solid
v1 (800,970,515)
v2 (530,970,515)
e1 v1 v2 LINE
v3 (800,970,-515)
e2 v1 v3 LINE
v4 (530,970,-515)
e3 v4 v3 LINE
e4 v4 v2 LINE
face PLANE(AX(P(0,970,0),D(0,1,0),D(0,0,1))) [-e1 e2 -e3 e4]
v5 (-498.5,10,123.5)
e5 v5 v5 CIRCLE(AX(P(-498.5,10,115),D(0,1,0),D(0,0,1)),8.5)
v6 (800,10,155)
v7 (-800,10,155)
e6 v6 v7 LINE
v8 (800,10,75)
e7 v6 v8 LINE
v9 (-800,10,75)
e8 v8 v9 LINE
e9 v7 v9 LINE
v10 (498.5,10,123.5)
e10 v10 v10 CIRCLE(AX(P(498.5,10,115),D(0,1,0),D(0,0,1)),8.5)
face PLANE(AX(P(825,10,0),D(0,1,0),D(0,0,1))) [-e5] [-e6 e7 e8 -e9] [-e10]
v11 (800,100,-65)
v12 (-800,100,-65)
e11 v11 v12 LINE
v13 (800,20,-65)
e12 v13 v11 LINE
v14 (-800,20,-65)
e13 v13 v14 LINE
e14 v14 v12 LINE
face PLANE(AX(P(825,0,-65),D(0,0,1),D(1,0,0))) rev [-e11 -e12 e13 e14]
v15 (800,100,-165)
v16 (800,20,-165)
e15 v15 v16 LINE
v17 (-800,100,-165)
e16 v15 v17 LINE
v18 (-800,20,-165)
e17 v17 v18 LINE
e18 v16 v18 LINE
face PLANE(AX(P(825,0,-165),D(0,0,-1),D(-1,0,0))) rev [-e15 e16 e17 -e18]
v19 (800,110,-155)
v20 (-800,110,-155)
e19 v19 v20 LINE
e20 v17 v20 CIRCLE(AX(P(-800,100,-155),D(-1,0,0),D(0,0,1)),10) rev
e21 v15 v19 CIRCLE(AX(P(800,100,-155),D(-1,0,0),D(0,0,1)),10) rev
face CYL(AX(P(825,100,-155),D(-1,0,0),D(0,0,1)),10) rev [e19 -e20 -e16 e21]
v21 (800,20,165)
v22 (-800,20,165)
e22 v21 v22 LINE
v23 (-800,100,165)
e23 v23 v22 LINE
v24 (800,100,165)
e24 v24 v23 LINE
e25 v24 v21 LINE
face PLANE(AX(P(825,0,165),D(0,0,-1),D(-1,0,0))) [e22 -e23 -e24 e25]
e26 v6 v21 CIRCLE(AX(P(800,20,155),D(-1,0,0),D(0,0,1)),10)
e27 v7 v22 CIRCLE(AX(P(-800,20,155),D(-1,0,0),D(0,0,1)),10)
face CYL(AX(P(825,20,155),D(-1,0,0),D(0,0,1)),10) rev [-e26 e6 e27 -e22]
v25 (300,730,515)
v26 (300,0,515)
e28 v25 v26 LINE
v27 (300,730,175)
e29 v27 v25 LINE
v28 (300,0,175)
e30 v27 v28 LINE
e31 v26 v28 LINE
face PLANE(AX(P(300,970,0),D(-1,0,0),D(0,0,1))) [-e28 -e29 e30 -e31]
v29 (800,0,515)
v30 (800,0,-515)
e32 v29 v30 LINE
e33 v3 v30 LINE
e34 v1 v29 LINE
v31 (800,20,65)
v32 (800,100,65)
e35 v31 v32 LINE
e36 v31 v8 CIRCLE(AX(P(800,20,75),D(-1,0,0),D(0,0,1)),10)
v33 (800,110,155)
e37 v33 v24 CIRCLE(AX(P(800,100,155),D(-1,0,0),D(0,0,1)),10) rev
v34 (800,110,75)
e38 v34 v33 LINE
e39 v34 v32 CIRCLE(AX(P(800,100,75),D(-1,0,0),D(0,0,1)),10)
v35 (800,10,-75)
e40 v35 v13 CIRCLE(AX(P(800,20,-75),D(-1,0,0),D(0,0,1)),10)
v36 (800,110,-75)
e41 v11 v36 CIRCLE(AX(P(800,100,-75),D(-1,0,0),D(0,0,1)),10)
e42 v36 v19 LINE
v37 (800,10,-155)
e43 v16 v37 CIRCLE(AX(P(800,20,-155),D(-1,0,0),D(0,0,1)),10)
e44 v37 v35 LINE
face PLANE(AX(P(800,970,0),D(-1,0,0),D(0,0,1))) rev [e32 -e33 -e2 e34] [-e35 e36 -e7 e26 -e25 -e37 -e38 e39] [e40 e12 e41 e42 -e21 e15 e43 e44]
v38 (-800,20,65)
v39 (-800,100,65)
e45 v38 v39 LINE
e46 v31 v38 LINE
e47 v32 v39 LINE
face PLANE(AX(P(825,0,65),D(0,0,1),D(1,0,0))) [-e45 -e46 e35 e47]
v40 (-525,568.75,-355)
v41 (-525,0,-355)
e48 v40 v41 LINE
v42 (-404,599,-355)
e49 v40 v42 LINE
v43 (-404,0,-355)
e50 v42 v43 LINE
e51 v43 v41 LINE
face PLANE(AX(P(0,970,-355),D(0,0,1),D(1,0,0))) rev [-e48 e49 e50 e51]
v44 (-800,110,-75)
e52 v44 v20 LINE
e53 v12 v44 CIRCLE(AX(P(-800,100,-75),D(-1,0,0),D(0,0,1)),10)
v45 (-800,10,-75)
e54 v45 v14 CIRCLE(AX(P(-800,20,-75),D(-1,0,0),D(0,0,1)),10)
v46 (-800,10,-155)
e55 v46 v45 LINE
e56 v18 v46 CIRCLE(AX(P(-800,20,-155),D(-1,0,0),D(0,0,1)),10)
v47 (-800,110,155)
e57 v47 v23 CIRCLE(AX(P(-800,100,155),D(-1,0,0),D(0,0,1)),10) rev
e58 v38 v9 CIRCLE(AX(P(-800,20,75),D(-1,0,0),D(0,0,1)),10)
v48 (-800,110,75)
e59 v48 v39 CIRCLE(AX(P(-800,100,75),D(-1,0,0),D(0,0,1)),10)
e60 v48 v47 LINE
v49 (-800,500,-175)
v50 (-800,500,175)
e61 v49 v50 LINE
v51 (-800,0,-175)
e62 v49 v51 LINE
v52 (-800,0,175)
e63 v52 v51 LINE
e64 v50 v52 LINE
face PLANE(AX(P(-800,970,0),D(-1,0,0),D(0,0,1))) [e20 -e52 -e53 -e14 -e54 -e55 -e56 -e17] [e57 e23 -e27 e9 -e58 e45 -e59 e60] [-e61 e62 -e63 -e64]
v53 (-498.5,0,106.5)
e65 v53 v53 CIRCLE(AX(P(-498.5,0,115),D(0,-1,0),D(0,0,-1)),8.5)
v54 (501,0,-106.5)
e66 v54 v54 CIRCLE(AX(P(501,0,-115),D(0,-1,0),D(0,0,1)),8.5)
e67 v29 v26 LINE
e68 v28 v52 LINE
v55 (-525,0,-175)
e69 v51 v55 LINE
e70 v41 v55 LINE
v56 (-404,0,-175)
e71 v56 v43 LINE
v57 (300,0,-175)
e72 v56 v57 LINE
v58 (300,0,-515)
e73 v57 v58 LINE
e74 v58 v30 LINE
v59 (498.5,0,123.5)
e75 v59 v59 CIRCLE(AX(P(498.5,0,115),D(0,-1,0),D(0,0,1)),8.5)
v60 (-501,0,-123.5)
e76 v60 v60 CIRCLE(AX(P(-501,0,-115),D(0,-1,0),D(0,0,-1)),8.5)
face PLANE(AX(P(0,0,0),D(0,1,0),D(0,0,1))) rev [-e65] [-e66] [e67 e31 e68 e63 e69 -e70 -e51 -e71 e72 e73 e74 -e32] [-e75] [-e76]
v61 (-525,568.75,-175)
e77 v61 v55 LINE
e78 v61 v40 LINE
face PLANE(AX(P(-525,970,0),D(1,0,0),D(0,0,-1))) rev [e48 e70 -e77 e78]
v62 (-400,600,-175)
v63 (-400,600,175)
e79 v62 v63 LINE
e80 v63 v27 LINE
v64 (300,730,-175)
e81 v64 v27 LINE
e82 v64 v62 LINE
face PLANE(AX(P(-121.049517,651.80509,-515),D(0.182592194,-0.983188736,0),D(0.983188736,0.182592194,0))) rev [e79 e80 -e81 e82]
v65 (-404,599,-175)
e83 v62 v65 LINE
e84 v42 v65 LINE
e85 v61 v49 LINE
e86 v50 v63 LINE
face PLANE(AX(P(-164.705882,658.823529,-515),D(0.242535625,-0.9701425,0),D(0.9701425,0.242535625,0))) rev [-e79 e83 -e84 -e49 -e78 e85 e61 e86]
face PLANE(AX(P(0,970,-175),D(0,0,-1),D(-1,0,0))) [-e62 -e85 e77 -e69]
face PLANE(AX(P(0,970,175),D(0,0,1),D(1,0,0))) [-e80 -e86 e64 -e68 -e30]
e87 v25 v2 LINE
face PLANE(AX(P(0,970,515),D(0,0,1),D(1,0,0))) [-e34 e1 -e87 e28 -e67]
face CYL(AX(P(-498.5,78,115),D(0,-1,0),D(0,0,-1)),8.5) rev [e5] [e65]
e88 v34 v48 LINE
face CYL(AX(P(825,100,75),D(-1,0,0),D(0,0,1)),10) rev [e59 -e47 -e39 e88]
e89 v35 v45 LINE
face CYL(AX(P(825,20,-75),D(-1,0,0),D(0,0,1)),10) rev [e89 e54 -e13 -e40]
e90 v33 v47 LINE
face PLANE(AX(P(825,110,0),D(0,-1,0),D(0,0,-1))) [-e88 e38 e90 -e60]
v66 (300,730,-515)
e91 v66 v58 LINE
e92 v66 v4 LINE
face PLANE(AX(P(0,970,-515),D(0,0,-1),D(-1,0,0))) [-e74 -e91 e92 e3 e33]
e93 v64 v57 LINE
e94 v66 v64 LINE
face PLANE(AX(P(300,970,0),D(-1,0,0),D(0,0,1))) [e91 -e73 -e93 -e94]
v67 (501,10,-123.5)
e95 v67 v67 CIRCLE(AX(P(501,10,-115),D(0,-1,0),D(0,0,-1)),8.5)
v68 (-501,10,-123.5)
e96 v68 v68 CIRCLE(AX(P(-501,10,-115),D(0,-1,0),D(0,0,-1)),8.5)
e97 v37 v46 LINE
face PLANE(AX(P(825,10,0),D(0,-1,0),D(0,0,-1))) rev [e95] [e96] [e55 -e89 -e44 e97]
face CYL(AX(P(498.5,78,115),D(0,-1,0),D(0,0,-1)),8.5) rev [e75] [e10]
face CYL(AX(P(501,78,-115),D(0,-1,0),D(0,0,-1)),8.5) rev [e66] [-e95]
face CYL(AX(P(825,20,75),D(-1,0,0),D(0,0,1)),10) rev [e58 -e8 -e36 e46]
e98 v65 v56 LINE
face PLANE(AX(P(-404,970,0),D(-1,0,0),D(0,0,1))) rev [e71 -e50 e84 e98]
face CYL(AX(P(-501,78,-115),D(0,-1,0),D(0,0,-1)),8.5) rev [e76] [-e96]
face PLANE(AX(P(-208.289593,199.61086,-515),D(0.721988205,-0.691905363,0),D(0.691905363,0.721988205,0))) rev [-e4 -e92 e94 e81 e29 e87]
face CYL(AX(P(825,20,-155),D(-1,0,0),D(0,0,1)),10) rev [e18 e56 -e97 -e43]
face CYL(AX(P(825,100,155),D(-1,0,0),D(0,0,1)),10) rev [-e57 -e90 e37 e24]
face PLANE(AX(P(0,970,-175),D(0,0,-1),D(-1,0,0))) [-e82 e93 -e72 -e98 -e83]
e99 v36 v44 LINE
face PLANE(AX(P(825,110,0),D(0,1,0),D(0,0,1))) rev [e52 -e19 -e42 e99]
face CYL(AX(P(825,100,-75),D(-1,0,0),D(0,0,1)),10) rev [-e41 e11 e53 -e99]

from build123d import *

# Parameters (mm, degrees)
SKETCH2_W               = 121
SKETCH2_H               = 180
BOSS_EXTRUDE1_DEPTH     = 970
CUT_EXTRUDE1_DEPTH      = 1359.721825835
CUT_EXTRUDE1_DEPTH_BACK = 1359.721825835
CUT_EXTRUDE5_DEPTH      = 1625
SKETCH4_R               = 8.5
CUT_EXTRUDE6_DEPTH      = 78


with BuildPart() as part:
    # Sketch2 → Boss-Extrude1 (new body)
    with BuildSketch(Plane(origin=(0, 0, 0), x_dir=(1, 0, 0), z_dir=(0, 1, 0))):
        Polygon((300, -515), (800, -515), (800, 515), (300, 515), (300, 175), (-404, 175), (-525, 175), (-800, 175), (-800, -175), (300, -175), align=None)
        with Locations((-464.5, 265)):
            Rectangle(SKETCH2_W, SKETCH2_H)
    extrude(amount=BOSS_EXTRUDE1_DEPTH)

    # Sketch1 → Cut-Extrude1 (cut, two sides: drawn at the far end of the back side and taken through both)
    with BuildSketch(Plane.XY.offset(-CUT_EXTRUDE1_DEPTH_BACK)):
        Polygon((-800, 970), (530, 970), (300, 730), (-400, 600), (-800, 500), align=None)
    extrude(amount=CUT_EXTRUDE1_DEPTH + CUT_EXTRUDE1_DEPTH_BACK, mode=Mode.SUBTRACT)

    # Sketch3 → Cut-Extrude5 (cut)
    with BuildSketch(Plane.ZY.offset(800)):
        with BuildLine():
            Line((-165, 100), (-165, 20))
            ThreePointArc((-165, 20), (-162.071067812, 12.928932188), (-155, 10))
            Line((-155, 10), (-75, 10))
            ThreePointArc((-75, 10), (-67.928932188, 12.928932188), (-65, 20))
            Line((-65, 20), (-65, 100))
            ThreePointArc((-65, 100), (-67.928932188, 107.071067812), (-75, 110))
            Line((-75, 110), (-155, 110))
            ThreePointArc((-155, 110), (-162.071067812, 107.071067812), (-165, 100))
        make_face()
        with BuildLine():
            Line((75, 110), (155, 110))
            ThreePointArc((155, 110), (162.071067812, 107.071067812), (165, 100))
            Line((165, 100), (165, 20))
            ThreePointArc((165, 20), (162.071067812, 12.928932188), (155, 10))
            Line((155, 10), (75, 10))
            ThreePointArc((75, 10), (67.928932188, 12.928932188), (65, 20))
            Line((65, 20), (65, 100))
            ThreePointArc((65, 100), (67.928932188, 107.071067812), (75, 110))
        make_face()
    extrude(amount=-CUT_EXTRUDE5_DEPTH, mode=Mode.SUBTRACT)

    # Sketch4 → Cut-Extrude6 (cut)
    with BuildSketch(Plane.XZ):
        with Locations(Location((-498.5, 115, 0), (0, 0, 270))):
            Circle(SKETCH4_R)
        with Locations(Location((-501, -115, 0), (0, 0, 270))):
            Circle(SKETCH4_R)
        with Locations(Location((501, -115, 0), (0, 0, 270))):
            Circle(SKETCH4_R)
        with Locations(Location((498.5, 115, 0), (0, 0, 90))):
            Circle(SKETCH4_R)
    extrude(amount=-CUT_EXTRUDE6_DEPTH, mode=Mode.SUBTRACT)


solid = part.part
